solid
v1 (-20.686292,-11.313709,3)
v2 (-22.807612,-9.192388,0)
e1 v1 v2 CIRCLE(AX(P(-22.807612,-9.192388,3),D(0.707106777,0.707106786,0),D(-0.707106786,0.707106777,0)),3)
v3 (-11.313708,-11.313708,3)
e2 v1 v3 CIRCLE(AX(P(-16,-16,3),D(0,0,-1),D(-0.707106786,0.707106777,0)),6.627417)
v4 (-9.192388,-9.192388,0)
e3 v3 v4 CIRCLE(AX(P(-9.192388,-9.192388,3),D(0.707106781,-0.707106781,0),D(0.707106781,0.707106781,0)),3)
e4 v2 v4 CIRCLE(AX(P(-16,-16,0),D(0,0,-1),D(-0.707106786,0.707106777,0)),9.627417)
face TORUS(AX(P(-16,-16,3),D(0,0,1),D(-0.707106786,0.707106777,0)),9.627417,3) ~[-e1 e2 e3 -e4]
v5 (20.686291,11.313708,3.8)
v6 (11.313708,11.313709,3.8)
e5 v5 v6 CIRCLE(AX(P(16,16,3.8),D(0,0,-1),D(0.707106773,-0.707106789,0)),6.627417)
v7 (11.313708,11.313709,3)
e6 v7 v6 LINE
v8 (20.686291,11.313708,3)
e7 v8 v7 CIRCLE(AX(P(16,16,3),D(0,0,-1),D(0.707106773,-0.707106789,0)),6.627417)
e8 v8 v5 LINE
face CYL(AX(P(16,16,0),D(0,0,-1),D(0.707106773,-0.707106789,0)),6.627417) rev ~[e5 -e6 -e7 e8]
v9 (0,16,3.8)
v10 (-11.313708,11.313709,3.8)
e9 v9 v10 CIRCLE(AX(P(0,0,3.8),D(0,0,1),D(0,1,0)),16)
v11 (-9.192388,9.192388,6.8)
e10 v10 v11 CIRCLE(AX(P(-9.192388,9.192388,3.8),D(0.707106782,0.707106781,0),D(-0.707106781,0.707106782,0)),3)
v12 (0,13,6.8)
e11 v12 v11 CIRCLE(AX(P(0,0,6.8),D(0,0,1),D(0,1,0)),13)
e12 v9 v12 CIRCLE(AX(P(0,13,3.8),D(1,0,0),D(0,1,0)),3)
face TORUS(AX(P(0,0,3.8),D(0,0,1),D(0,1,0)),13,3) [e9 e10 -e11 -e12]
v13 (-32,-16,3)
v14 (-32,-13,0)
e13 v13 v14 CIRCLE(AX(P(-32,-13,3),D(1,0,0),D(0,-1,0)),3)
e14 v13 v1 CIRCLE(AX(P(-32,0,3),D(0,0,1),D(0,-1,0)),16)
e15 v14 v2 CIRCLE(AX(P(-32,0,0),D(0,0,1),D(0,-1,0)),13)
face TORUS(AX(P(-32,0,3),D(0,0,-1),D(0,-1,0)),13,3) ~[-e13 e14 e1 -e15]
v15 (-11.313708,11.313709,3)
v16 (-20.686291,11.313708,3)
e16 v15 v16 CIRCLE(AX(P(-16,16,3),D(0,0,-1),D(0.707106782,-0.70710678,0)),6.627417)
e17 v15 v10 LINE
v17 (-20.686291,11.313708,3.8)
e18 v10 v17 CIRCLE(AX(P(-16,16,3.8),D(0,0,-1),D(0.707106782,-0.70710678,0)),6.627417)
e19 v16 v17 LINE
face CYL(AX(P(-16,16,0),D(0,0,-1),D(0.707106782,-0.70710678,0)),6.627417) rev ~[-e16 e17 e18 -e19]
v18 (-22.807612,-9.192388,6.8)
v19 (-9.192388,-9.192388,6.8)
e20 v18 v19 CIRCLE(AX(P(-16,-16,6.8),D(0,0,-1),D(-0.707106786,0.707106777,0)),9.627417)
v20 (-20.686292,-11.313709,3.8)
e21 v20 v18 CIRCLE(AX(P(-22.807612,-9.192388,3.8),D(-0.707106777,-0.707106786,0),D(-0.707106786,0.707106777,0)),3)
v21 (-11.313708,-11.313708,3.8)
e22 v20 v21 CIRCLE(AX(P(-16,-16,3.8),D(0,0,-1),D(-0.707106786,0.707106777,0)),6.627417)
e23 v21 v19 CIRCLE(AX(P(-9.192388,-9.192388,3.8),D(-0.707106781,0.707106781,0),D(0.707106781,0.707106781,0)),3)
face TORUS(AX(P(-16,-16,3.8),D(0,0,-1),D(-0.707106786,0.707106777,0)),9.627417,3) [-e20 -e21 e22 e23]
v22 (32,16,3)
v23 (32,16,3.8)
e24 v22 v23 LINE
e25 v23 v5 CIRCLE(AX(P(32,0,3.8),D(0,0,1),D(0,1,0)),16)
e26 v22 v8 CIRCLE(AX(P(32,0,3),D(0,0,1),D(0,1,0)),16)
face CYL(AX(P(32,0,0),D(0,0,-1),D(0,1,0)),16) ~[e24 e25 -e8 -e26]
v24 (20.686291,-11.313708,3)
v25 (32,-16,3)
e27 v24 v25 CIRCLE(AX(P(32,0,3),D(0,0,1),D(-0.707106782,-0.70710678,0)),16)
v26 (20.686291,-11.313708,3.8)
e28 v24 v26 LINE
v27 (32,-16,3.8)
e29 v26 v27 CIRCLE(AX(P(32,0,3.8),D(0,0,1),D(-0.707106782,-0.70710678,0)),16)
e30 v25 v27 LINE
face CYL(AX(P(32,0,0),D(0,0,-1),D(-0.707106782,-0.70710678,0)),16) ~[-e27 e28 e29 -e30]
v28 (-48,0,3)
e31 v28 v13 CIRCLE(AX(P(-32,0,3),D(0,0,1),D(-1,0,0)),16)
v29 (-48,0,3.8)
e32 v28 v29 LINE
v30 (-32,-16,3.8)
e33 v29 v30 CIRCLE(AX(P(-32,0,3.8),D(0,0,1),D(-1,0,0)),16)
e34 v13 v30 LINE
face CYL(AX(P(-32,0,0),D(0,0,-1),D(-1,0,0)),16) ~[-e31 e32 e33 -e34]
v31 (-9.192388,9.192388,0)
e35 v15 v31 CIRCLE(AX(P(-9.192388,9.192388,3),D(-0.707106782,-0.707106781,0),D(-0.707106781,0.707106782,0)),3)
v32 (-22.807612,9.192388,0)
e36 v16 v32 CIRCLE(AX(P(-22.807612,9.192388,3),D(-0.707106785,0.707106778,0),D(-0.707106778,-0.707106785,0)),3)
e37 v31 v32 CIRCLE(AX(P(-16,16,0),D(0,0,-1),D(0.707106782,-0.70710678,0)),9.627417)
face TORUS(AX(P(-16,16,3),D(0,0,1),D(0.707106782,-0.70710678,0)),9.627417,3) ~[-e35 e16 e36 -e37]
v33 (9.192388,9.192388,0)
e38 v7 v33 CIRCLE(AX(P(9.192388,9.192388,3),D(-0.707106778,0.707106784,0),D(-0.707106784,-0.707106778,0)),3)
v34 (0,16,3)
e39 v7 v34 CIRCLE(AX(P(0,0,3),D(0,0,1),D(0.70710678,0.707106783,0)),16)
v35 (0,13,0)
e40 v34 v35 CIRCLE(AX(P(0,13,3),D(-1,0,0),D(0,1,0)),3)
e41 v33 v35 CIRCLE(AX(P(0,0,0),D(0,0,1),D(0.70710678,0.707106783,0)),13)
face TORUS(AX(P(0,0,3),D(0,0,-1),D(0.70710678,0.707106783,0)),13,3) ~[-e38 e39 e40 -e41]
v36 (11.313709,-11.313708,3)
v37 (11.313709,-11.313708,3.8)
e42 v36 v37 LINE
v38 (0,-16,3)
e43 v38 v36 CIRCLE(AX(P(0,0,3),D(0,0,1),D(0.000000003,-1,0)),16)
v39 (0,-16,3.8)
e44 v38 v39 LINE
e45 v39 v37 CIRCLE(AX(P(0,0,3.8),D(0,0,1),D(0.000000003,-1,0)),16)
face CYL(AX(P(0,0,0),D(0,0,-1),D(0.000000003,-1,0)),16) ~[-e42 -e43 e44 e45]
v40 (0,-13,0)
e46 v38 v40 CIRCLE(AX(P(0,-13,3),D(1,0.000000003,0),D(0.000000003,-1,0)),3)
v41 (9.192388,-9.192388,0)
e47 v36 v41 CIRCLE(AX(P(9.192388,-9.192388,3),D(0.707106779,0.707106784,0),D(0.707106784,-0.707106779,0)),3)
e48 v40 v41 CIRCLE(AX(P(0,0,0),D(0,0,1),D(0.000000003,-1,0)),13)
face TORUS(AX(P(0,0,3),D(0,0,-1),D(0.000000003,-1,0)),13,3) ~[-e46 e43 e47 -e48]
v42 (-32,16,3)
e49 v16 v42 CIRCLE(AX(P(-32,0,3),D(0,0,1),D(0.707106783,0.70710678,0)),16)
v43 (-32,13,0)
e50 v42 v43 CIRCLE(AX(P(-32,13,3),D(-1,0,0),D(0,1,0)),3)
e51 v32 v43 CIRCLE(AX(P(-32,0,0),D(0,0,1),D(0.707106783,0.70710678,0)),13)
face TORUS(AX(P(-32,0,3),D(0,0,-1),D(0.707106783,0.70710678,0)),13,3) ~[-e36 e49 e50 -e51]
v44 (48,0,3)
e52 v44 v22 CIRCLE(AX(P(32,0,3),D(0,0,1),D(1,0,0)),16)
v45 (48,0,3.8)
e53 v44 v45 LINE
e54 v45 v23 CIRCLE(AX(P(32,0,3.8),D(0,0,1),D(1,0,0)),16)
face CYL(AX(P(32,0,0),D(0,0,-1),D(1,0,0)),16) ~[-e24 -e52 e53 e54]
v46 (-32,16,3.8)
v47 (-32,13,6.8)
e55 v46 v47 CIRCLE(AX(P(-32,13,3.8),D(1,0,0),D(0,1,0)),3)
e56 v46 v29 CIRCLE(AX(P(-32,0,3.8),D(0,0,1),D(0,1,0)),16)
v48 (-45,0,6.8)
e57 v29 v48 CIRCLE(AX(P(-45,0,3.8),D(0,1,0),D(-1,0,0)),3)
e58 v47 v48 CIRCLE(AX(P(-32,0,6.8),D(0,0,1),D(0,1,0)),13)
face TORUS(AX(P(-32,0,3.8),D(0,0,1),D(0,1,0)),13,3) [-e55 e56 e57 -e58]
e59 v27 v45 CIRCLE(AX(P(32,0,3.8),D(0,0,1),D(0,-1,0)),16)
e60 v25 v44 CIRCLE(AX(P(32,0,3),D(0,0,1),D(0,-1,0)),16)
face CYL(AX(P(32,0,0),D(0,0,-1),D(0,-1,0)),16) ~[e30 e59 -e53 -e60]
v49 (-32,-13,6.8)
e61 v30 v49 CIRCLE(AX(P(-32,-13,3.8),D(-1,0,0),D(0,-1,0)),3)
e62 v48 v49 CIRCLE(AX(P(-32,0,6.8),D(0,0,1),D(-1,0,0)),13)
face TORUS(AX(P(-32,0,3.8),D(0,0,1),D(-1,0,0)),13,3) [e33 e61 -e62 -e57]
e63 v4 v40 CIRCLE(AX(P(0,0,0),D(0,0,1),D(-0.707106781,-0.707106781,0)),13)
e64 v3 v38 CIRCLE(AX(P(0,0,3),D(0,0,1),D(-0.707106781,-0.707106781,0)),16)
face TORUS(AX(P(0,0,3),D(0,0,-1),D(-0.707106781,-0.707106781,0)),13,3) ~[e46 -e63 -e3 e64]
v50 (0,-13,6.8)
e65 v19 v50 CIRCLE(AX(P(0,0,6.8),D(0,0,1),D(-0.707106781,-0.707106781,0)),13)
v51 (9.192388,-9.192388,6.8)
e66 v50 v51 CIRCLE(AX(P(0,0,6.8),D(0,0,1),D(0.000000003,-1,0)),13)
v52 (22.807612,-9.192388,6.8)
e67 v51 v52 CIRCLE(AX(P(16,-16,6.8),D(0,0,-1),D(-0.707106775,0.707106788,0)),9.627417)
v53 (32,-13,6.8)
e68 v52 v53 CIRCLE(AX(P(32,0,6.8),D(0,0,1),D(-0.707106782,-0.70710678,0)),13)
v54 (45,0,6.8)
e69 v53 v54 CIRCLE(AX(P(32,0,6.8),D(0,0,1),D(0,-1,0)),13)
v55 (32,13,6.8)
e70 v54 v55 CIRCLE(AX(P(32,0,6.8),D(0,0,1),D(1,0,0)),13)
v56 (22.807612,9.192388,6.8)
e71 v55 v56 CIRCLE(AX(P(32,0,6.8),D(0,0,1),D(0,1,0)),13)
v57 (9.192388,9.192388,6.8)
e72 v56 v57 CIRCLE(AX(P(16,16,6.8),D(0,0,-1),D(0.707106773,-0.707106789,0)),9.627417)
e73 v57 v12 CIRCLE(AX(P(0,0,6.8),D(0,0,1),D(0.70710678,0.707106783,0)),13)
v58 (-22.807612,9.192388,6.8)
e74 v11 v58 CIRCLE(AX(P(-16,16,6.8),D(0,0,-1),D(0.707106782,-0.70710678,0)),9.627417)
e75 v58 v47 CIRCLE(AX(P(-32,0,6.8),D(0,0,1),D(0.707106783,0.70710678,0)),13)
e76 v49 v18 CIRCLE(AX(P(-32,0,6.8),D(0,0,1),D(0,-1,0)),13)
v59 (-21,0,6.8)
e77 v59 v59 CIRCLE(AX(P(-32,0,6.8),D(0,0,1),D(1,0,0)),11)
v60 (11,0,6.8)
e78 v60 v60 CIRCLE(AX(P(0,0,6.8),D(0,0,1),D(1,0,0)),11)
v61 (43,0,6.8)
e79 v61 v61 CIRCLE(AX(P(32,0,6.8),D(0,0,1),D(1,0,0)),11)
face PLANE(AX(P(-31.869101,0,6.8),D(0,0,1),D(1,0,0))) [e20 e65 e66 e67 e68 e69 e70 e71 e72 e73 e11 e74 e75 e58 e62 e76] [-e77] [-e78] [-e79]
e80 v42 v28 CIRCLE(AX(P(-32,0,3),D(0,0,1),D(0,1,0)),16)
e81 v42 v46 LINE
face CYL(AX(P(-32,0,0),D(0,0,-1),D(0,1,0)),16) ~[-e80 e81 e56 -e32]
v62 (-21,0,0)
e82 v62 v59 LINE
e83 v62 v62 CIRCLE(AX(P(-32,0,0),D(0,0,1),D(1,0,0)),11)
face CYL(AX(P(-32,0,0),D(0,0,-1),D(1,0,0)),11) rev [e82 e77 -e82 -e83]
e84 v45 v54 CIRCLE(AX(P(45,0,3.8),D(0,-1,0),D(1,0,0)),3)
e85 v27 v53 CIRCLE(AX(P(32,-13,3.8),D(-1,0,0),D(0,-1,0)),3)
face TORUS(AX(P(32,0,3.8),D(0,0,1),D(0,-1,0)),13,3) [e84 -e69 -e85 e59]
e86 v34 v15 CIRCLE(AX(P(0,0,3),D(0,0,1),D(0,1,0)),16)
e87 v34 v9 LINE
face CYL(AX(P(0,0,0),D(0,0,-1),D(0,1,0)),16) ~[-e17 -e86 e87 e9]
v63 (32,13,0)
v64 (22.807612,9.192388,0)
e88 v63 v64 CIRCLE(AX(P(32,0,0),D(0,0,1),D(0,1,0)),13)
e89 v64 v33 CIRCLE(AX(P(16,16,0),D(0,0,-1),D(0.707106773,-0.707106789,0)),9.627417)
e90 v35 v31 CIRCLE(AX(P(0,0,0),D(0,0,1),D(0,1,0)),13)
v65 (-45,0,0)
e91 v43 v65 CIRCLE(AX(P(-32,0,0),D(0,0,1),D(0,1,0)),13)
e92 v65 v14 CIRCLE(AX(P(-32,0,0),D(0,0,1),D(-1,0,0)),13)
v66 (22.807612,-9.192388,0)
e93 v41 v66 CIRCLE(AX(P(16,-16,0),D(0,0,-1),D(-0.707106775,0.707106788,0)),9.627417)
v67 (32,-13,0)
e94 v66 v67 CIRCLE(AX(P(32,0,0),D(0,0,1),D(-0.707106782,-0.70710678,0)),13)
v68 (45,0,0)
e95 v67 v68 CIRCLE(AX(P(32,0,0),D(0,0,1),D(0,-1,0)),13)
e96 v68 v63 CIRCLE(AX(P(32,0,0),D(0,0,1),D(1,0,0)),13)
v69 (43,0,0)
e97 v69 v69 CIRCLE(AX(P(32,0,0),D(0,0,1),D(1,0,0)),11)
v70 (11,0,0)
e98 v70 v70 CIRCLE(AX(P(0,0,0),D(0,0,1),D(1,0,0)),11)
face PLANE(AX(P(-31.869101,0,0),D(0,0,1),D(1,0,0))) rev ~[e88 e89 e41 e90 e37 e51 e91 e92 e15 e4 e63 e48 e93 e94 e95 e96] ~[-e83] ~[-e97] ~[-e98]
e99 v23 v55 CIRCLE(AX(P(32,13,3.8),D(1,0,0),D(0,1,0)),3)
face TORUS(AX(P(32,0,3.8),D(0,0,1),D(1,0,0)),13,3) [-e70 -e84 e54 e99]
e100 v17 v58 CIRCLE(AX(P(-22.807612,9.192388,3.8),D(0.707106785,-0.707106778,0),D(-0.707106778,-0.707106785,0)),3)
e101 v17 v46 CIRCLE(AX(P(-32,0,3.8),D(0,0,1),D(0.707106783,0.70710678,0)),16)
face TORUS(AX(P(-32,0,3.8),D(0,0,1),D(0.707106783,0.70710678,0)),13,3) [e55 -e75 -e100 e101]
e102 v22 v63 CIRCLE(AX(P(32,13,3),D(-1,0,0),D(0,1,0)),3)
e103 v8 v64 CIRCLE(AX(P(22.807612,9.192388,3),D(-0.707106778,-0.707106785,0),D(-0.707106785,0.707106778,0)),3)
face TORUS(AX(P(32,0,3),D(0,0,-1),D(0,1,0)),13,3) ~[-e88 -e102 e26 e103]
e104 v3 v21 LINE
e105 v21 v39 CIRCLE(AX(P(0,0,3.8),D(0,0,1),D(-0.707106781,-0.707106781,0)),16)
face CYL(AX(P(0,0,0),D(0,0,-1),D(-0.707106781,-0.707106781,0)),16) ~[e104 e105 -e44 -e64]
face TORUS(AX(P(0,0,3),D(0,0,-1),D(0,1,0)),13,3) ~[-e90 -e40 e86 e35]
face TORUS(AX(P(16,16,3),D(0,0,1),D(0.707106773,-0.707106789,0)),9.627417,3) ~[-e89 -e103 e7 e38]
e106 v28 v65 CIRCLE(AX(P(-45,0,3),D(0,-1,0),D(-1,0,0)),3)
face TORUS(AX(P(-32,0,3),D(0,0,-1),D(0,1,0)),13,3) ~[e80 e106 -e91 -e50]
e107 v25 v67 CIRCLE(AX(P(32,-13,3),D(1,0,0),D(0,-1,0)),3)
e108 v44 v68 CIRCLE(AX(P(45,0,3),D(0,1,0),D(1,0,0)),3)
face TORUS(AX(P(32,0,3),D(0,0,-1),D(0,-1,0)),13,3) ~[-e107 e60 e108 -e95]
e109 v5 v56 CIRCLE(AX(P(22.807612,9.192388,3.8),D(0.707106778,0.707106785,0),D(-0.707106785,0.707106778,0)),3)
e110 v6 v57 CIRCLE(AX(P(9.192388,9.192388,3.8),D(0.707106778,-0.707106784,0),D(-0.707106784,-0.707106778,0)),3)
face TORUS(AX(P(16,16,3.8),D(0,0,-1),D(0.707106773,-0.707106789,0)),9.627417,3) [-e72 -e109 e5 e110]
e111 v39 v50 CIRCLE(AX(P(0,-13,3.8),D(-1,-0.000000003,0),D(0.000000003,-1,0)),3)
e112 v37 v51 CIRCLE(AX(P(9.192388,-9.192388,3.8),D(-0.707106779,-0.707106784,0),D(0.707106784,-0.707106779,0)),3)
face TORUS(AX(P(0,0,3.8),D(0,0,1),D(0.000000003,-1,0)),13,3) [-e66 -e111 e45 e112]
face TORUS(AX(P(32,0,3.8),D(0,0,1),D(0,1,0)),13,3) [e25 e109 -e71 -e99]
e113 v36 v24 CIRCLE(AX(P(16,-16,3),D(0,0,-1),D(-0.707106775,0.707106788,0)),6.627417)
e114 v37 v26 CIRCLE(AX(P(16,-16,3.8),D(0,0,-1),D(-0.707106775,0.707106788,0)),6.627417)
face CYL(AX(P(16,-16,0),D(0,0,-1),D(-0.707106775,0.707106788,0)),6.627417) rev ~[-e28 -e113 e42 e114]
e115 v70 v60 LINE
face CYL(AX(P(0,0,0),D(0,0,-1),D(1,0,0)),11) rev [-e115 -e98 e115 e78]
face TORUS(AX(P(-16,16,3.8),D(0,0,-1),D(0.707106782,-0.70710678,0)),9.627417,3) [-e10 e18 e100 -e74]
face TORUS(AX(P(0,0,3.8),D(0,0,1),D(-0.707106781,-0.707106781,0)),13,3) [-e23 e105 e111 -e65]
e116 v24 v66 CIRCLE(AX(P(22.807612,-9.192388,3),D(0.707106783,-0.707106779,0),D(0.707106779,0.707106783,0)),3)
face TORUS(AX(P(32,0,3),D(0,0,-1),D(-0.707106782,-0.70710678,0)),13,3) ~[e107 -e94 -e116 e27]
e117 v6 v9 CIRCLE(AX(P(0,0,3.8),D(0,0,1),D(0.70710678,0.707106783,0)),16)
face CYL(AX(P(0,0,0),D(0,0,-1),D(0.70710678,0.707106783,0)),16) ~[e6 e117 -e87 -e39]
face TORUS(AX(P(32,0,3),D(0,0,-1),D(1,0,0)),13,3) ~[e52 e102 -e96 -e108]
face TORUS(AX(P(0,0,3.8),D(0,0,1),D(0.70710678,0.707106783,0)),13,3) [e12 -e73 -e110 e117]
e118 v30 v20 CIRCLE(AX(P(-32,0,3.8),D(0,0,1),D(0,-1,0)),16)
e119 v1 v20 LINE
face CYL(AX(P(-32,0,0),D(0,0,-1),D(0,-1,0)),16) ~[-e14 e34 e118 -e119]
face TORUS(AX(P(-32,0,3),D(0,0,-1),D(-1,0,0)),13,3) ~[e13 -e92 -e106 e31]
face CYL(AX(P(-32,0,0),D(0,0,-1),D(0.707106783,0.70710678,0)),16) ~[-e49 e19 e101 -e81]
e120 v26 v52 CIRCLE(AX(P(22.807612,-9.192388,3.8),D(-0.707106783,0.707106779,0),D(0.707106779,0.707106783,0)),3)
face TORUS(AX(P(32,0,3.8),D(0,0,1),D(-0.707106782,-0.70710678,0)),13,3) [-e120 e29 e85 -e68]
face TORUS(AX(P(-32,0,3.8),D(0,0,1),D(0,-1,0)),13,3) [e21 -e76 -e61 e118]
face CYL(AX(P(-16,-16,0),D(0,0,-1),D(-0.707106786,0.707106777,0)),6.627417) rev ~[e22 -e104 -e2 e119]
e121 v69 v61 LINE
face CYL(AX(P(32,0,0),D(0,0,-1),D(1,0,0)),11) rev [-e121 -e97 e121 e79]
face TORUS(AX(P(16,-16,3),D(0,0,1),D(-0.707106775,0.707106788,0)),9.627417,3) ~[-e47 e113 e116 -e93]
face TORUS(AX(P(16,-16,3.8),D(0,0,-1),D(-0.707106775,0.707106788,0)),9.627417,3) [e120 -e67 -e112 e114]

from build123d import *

# Parameters (mm, degrees)
F0_R     = 11
F1_DEPTH = 6.8
F2_R     = 3


with BuildPart() as f1:
    # F0 (on Top) → F1 (new body)
    with BuildSketch(Plane.XY):
        with BuildLine():
            ThreePointArc((-20.686291531, -11.313708529), (-17.2179274879, -6.1229349374), (-16, 0))
            ThreePointArc((-16, 0), (-17.2179274734, 6.1229349024), (-20.6862914774, 11.3137084754))
            ThreePointArc((-20.6862914774, 11.3137084754), (-25.8770650668, 14.7820725138), (-32, 16))
            ThreePointArc((-32, 16), (-43.313708499, 11.313708499), (-48, 0))
            ThreePointArc((-48, 0), (-43.313708499, -11.313708499), (-32, -16))
            ThreePointArc((-32, -16), (-25.8770651018, -14.7820725283), (-20.686291531, -11.313708529))
        make_face()
        with Locations((-32, 0)):
            Circle(F0_R, mode=Mode.SUBTRACT)
        with BuildLine():
            ThreePointArc((11.3137085412, -11.3137084568), (14.7820725316, -6.1229348903), (16, 0))
            ThreePointArc((16, 0), (14.7820725145, 6.1229349315), (11.3137084781, 11.3137085199))
            ThreePointArc((11.3137084781, 11.3137085199), (6.1229349042, 14.7820725258), (0, 16))
            ThreePointArc((0, 16), (-6.1229349134, 14.782072522), (-11.3137084922, 11.3137085058))
            ThreePointArc((-11.3137084922, 11.3137085058), (-14.7820725183, 6.1229349223), (-16, 0))
            ThreePointArc((-16, 0), (-14.7820725202, -6.1229349178), (-11.313708499, -11.313708499))
            ThreePointArc((-11.313708499, -11.313708499), (-6.1229348926, -14.7820725306), (5.46e-08, -16))
            ThreePointArc((5.46e-08, -16), (6.1229349706, -14.7820724983), (11.3137085412, -11.3137084568))
        make_face()
        Circle(F0_R, mode=Mode.SUBTRACT)
        with BuildLine():
            ThreePointArc((20.6862914869, -11.3137084849), (25.877065073, -14.7820725164), (32, -16))
            ThreePointArc((32, -16), (43.313708499, -11.313708499), (48, 0))
            ThreePointArc((48, 0), (43.313708499, 11.313708499), (32, 16))
            ThreePointArc((32, 16), (25.8770650464, 14.7820725054), (20.6862914463, 11.3137084443))
            ThreePointArc((20.6862914463, 11.3137084443), (17.217927465, 6.1229348821), (16, 0))
            ThreePointArc((16, 0), (17.217927476, -6.1229349086), (20.6862914869, -11.3137084849))
        make_face()
        with Locations((32, 0)):
            Circle(F0_R, mode=Mode.SUBTRACT)
        with BuildLine():
            ThreePointArc((11.3137084781, 11.3137085199), (14.7820725145, 6.1229349315), (16, 0))
            ThreePointArc((16, 0), (17.217927465, 6.1229348821), (20.6862914463, 11.3137084443))
            ThreePointArc((20.6862914463, 11.3137084443), (15.9999999466, 9.372583002), (11.3137084781, 11.3137085199))
        make_face()
        with BuildLine():
            ThreePointArc((-20.6862914774, 11.3137084754), (-17.2179274734, 6.1229349024), (-16, 0))
            ThreePointArc((-16, 0), (-14.7820725183, 6.1229349223), (-11.3137084922, 11.3137085058))
            ThreePointArc((-11.3137084922, 11.3137085058), (-15.9999999785, 9.372583002), (-20.6862914774, 11.3137084754))
        make_face()
        with BuildLine():
            ThreePointArc((-20.686291531, -11.313708529), (-16.0000000212, -9.372583002), (-11.313708499, -11.313708499))
            ThreePointArc((-11.313708499, -11.313708499), (-14.7820725202, -6.1229349178), (-16, 0))
            ThreePointArc((-16, 0), (-17.2179274879, -6.1229349374), (-20.686291531, -11.313708529))
        make_face()
        with BuildLine():
            ThreePointArc((11.3137085412, -11.3137084568), (16.0000000199, -9.372583002), (20.6862914869, -11.3137084849))
            ThreePointArc((20.6862914869, -11.3137084849), (17.217927476, -6.1229349086), (16, 0))
            ThreePointArc((16, 0), (14.7820725316, -6.1229348903), (11.3137085412, -11.3137084568))
        make_face()
    extrude(amount=F1_DEPTH)

    # F2
    f2_edges = [f1.edges().sort_by_distance(p)[0] for p in [
        (-48, 0, 6.8),
        (-16, -9.372583, 6.8),
        (0, -16, 6.8),
        (16, -9.372583, 6.8),
        (48, 0, 6.8),
        (-16, 9.372583, 6.8),
        (0, 16, 6.8),
        (16, 9.372583, 6.8),
        (-48, 0, 0),
        (-16, -9.372583, 0),
        (0, -16, 0),
        (16, -9.372583, 0),
        (48, 0, 0),
        (-16, 9.372583, 0),
        (0, 16, 0),
        (16, 9.372583, 0),
    ]]
    fillet(f2_edges, radius=F2_R)


solid = f1.part
